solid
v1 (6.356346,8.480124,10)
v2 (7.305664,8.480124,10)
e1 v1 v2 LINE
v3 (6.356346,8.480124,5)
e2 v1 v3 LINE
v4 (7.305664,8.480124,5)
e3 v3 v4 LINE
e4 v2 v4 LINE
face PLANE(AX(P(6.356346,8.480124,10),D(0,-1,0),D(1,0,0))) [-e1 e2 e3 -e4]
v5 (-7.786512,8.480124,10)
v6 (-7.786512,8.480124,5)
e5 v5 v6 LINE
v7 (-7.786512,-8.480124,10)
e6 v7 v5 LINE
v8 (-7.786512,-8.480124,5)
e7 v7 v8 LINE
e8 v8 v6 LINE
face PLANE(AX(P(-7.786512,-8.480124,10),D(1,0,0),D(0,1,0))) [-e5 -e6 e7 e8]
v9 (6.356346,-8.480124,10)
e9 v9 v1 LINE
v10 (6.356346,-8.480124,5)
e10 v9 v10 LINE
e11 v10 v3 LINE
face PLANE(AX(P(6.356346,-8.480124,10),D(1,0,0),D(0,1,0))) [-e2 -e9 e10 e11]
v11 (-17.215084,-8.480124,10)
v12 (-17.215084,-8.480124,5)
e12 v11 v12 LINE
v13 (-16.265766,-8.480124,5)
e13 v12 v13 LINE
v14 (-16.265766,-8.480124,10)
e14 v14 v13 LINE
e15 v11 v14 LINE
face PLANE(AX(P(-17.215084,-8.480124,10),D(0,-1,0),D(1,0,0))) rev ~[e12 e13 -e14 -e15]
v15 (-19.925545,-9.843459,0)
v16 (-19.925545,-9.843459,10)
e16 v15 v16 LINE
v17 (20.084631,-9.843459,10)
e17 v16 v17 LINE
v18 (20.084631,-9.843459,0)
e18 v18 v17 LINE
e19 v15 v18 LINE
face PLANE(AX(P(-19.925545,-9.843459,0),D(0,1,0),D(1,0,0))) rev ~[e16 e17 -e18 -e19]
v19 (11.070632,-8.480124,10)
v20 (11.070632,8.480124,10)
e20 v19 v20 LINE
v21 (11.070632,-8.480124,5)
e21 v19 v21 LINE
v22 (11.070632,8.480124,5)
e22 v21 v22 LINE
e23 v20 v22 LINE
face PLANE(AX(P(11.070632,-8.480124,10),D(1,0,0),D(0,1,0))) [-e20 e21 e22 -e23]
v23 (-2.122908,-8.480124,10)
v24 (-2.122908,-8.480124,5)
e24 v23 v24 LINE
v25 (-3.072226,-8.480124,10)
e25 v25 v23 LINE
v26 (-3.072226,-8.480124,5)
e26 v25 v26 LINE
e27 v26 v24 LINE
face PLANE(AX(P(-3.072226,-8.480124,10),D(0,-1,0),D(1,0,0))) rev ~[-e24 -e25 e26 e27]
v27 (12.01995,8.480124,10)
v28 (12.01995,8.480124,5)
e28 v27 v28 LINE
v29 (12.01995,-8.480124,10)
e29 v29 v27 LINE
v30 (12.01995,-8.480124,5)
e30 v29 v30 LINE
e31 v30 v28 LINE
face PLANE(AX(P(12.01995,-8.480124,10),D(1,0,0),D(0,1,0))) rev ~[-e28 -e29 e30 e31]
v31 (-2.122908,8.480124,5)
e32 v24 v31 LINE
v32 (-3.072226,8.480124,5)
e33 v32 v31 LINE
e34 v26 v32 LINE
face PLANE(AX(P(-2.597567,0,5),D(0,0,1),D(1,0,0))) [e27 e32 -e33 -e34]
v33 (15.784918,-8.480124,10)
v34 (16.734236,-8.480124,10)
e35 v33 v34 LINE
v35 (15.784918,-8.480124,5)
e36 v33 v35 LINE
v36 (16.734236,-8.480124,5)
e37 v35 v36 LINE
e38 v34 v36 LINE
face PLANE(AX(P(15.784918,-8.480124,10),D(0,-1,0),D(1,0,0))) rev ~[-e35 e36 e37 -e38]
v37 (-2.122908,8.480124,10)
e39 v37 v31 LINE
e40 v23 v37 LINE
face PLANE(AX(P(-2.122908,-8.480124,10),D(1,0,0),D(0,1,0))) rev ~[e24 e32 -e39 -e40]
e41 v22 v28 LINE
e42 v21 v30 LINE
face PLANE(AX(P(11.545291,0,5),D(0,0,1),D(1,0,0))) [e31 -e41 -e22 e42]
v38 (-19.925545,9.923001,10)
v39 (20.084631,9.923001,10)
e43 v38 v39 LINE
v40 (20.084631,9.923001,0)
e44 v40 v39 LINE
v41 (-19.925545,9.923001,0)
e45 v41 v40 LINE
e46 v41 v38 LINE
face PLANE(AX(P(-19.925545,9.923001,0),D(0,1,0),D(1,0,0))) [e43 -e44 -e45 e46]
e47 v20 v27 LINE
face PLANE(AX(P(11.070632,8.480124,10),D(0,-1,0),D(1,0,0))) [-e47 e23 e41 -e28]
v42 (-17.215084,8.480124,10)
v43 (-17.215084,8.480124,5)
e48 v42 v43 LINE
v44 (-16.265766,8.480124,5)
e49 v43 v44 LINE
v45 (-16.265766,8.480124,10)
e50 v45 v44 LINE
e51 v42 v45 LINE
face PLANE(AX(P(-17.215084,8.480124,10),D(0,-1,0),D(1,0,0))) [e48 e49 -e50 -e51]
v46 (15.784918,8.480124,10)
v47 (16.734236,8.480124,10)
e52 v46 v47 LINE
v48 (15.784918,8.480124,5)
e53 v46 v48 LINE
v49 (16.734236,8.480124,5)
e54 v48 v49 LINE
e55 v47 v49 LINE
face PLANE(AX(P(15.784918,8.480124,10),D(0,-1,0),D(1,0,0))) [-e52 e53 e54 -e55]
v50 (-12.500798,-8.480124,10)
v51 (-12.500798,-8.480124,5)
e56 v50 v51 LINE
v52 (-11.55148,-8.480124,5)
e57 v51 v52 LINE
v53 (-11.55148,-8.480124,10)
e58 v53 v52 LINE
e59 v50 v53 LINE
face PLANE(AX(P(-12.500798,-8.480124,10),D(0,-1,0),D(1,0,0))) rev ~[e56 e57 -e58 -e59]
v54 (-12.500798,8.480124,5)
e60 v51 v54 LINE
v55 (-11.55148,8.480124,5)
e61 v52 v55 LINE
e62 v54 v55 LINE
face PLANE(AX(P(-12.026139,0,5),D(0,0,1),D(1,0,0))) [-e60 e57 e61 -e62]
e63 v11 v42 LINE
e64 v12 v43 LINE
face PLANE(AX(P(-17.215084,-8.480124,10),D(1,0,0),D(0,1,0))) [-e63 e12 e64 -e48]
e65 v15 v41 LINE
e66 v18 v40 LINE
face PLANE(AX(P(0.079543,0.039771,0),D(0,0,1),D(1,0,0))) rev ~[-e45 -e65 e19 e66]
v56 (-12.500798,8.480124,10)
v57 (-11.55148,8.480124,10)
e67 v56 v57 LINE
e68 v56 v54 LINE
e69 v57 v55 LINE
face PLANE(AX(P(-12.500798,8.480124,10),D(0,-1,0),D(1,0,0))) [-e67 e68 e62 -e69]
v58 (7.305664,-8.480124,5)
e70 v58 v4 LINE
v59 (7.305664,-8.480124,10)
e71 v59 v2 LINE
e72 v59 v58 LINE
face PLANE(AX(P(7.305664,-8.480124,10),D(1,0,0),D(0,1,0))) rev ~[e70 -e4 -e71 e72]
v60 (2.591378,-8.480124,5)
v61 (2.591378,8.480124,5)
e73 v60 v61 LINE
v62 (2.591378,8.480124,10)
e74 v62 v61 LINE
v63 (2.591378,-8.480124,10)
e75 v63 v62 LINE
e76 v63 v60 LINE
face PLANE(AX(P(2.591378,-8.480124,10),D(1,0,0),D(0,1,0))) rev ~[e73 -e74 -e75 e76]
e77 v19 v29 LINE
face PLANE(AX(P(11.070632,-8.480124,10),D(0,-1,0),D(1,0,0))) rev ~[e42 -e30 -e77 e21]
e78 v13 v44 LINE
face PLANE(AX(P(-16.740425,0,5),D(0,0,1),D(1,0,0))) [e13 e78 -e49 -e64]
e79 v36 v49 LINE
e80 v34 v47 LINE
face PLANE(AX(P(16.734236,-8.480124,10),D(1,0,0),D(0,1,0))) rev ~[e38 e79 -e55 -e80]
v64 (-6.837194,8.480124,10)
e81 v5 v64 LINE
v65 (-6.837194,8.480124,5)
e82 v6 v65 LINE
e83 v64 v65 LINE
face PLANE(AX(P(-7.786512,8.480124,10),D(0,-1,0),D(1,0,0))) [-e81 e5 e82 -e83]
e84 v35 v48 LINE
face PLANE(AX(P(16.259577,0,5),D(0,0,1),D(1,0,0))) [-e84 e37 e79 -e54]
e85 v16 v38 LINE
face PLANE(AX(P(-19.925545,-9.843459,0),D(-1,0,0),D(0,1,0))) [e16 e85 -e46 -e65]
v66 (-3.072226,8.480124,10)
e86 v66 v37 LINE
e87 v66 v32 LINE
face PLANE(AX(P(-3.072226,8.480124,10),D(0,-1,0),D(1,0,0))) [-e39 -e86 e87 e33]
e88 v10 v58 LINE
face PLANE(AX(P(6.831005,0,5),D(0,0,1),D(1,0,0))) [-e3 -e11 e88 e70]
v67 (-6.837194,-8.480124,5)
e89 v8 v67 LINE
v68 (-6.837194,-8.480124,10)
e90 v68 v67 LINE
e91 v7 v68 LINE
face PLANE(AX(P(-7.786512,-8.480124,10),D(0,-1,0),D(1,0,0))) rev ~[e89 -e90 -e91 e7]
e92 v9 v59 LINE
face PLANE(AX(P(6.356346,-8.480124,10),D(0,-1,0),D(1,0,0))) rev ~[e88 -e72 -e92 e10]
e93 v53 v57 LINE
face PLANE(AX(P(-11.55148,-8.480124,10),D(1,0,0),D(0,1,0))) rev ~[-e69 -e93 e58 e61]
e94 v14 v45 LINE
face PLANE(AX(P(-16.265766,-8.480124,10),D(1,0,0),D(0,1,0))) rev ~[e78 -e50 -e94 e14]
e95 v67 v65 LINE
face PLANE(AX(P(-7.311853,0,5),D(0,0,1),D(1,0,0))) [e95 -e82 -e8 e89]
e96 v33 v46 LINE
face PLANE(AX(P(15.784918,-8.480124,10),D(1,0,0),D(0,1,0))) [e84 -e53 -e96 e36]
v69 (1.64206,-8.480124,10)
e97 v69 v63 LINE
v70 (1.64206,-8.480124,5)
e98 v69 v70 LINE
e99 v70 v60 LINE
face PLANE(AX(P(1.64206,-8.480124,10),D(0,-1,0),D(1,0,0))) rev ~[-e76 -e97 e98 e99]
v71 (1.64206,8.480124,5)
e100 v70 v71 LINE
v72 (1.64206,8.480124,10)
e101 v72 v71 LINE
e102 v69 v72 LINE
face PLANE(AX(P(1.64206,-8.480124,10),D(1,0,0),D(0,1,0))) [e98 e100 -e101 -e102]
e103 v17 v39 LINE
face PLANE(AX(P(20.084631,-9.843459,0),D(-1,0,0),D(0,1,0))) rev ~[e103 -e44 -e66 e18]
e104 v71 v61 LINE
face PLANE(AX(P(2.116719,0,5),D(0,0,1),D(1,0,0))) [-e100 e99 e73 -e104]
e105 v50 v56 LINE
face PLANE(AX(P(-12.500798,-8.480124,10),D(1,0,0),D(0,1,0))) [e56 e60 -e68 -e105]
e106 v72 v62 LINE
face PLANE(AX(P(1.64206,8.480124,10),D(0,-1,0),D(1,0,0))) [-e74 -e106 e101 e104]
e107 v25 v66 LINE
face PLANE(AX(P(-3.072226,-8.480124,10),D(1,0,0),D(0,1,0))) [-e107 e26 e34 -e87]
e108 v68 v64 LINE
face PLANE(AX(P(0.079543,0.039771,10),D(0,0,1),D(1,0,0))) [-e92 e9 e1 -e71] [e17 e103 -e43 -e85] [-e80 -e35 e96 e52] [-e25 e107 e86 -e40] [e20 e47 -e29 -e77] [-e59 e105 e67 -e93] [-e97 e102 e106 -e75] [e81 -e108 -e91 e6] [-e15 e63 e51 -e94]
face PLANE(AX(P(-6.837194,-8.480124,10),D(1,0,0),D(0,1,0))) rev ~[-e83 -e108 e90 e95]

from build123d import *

# Parameters (mm, degrees)
SKETCH_W            = 40.010176
SKETCH_H            = 19.766459
PAD_DEPTH           = 10
SKETCH001_W         = 0.949318
SKETCH001_H         = 16.960248
POCKET_DEPTH        = 5
LINEARPATTERN_COUNT = 8
LINEARPATTERN_PITCH = 4.714286


with BuildPart() as part:
    # Sketch → Pad (new body)
    with BuildSketch(Plane.XY):
        with Locations((0.079543, 0.039771)):
            Rectangle(SKETCH_W, SKETCH_H)
    extrude(amount=PAD_DEPTH)

    # Sketch001 (on Face6 of Pad) → Pocket (cut)
    with BuildSketch(Plane.XY.offset(10)):
        with Locations((-16.740425, 0)):
            Rectangle(SKETCH001_W, SKETCH001_H)
    pocket = extrude(amount=-POCKET_DEPTH, mode=Mode.SUBTRACT)

    # LinearPattern: Pocket ×8
    with Locations(*[(i * LINEARPATTERN_PITCH, 0, 0) for i in range(1, LINEARPATTERN_COUNT)]):
        add(pocket, mode=Mode.SUBTRACT)


solid = part.part
